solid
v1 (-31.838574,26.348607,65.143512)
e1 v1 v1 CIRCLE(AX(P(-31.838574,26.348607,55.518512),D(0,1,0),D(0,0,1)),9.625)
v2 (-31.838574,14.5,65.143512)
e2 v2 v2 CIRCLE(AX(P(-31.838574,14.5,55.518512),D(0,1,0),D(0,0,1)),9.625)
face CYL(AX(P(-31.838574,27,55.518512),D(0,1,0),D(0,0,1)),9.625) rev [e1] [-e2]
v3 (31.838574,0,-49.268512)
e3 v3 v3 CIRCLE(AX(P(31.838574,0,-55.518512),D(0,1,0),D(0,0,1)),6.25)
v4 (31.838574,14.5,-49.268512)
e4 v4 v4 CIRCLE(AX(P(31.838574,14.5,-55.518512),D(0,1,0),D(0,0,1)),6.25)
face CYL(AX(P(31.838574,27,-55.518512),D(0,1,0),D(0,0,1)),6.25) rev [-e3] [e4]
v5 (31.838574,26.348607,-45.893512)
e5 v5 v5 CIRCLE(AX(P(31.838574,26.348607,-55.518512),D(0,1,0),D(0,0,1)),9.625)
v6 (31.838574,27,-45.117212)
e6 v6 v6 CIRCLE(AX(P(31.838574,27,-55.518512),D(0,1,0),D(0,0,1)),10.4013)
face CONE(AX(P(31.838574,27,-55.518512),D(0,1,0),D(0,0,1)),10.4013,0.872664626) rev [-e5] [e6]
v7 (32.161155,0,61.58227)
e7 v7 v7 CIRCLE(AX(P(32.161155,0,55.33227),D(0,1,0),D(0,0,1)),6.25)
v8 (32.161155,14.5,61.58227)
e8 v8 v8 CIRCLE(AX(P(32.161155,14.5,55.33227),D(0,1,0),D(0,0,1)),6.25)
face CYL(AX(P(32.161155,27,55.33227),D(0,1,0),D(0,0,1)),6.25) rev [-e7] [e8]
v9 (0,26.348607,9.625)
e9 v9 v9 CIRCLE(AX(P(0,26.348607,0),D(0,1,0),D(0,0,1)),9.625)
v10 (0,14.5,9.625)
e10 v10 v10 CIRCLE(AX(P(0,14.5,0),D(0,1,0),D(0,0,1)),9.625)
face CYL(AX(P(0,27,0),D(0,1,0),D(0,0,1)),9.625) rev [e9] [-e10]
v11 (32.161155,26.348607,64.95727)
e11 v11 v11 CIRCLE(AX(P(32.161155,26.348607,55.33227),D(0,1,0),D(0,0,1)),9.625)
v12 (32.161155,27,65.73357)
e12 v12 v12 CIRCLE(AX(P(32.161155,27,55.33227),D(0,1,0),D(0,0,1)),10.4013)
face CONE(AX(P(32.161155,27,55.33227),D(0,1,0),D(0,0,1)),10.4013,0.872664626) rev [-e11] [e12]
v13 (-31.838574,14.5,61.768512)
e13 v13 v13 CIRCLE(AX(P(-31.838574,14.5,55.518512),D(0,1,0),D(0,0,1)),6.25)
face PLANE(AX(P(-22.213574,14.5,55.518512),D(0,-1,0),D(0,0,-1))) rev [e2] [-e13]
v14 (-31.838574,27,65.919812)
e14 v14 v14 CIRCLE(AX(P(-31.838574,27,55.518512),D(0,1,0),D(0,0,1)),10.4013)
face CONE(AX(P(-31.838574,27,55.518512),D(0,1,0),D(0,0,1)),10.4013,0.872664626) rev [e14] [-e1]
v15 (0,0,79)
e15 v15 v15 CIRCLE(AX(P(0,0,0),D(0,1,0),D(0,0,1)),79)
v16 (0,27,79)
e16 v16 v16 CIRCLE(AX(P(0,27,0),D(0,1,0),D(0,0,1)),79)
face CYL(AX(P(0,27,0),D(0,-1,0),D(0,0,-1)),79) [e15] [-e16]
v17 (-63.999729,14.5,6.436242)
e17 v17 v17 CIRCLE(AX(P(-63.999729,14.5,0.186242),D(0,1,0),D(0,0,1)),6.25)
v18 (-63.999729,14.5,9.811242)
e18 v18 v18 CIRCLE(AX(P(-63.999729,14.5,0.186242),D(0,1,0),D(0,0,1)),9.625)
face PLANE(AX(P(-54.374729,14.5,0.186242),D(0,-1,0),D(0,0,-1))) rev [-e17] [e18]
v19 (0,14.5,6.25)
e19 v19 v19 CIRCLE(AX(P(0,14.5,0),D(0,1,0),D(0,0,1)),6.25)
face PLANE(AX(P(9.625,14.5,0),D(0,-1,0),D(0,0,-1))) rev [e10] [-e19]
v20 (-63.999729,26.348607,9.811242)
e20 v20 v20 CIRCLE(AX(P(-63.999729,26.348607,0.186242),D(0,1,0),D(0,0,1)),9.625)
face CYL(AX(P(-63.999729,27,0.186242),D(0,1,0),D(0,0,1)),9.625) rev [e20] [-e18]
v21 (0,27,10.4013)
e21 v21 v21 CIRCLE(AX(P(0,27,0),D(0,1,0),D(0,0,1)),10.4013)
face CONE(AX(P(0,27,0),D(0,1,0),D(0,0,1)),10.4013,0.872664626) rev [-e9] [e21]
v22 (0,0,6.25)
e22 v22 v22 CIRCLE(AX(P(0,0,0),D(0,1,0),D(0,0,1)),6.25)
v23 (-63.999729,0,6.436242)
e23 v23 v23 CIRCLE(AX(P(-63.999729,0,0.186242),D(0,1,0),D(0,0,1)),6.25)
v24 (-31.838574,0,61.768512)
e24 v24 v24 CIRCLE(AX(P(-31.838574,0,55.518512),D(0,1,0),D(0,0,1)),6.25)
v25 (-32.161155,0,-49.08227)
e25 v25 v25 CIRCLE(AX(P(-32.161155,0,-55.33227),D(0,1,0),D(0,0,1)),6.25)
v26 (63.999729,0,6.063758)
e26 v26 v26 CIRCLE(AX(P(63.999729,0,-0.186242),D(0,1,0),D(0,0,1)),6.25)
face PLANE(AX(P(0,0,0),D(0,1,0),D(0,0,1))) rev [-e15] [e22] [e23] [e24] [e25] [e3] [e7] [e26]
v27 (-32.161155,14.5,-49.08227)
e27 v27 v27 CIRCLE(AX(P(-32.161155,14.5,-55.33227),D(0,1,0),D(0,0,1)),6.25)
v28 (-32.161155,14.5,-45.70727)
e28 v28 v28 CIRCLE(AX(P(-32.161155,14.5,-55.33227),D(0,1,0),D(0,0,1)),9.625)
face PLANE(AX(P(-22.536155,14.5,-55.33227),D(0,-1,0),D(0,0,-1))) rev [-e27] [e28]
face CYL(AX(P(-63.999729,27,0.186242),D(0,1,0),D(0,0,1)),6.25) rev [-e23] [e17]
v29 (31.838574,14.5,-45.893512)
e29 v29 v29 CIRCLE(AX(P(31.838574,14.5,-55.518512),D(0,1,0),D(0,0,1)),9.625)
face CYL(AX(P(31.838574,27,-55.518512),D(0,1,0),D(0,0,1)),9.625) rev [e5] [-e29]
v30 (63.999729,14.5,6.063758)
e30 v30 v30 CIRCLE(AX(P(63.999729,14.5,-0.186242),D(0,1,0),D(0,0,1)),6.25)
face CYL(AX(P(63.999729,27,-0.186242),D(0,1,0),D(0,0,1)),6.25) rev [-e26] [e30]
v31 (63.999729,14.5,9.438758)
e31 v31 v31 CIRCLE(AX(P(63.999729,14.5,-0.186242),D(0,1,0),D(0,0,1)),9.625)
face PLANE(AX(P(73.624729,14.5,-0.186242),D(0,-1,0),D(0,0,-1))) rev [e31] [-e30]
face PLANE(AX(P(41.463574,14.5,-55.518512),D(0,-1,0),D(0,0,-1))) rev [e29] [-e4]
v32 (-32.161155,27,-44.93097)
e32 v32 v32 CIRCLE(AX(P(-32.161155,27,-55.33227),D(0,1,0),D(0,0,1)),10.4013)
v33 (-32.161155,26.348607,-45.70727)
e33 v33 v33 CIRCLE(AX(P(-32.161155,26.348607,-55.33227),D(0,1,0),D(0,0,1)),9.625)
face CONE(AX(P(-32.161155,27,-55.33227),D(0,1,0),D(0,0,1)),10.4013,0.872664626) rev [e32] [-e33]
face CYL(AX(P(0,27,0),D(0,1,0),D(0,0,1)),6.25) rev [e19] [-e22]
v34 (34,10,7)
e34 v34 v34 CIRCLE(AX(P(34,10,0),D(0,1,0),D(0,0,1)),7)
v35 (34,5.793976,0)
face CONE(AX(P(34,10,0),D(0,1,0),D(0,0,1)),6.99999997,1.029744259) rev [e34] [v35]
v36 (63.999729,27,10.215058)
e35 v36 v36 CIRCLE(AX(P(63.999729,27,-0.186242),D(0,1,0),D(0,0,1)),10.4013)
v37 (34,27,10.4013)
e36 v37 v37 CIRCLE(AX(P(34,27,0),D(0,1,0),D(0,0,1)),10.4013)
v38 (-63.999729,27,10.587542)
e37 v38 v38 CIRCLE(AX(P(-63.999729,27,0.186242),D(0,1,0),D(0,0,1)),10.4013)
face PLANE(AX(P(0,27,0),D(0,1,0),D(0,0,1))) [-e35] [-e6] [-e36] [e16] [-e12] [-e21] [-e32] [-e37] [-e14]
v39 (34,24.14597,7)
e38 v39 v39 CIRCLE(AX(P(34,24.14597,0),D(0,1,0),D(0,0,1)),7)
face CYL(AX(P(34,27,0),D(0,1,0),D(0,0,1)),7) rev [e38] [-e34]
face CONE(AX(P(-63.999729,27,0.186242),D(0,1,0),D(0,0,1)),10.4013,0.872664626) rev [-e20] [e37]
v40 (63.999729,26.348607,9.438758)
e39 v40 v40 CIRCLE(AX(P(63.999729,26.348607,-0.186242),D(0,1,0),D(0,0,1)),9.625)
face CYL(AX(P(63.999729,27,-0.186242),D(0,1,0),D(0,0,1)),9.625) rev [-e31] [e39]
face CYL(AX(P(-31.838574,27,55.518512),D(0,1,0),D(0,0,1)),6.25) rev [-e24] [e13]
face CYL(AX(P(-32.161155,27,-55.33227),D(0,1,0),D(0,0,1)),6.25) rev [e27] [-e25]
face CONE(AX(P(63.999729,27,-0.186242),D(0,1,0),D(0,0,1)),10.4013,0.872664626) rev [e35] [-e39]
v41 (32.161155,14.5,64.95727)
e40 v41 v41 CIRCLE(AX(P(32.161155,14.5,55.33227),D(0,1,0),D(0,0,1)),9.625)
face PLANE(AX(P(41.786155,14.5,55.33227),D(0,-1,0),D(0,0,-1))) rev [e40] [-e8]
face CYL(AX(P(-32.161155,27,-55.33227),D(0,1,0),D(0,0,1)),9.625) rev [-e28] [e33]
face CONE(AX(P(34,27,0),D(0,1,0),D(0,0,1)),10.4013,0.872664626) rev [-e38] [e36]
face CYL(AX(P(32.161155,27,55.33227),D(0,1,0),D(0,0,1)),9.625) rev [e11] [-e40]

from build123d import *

# Parameters (mm, degrees)
SKETCH1_R                                   = 79
SKETCH1_R_2                                 = 6
BOSS_EXTRUDE1_DEPTH                         = 27
CBORE_FOR_0_BINDING_HEAD_MACHINE_SC_2_COUNT = 2
CBORE_FOR_0_BINDING_HEAD_MACHINE_SC_2_PITCH = 64
CBORE_FOR_0_BINDING_HEAD_MACHINE_SC_3_COUNT = 2
CBORE_FOR_0_BINDING_HEAD_MACHINE_SC_3_PITCH = 110.851251684
CBORE_FOR_0_BINDING_HEAD_MACHINE_SC_4_COUNT = 2
CBORE_FOR_0_BINDING_HEAD_MACHINE_SC_4_PITCH = 128
CBORE_FOR_0_BINDING_HEAD_MACHINE_SC_5_COUNT = 2
CBORE_FOR_0_BINDING_HEAD_MACHINE_SC_5_PITCH = 110.851251684
CBORE_FOR_0_BINDING_HEAD_MACHINE_SC_6_COUNT = 2
CBORE_FOR_0_BINDING_HEAD_MACHINE_SC_6_PITCH = 64
CBORE_FOR_0_BINDING_HEAD_MACHINE_SC_7_COUNT = 2
CBORE_FOR_0_BINDING_HEAD_MACHINE_SC_7_PITCH = 64
F_97_0_0059_DIAMETER_HOLE1_D                = 13.99999994
F_97_0_0059_DIAMETER_HOLE1_DEPTH            = 17
F_97_0_0059_DIAMETER_HOLE1_CSINK_D          = 20.8026
F_97_0_0059_DIAMETER_HOLE1_CSINK_ANGLE      = 100
F_97_0_0059_DIAMETER_HOLE1_TIP              = 4.206024315


with BuildPart() as part:
    # Sketch1 → Boss-Extrude1 (new body)
    with BuildSketch(Plane(origin=(0, 0, 0), x_dir=(1, 0, 0), z_dir=(0, 1, 0))):
        Circle(SKETCH1_R)
        Circle(SKETCH1_R_2, mode=Mode.SUBTRACT)
    extrude(amount=BOSS_EXTRUDE1_DEPTH)

    # Sketch5 → CBORE for #0 Binding Head Machine Screw1 (revolve, cut)
    with BuildSketch(Plane(origin=(31.838574382, 27, -55.51851206), x_dir=(0, 0, 1), z_dir=(1, 0, 0))):
        Polygon((0, 0), (0, 27), (6.249999946, 27), (6.249999946, 12.499999892), (9.625000054, 12.499999892), (9.625000054, 0.651392998), (10.4013, 0), align=None)
    cbore_for_0_binding_head_machine_screw1 = revolve(axis=Axis((31.838574382, 33.35, -55.51851206), (0, -1, 0)), mode=Mode.SUBTRACT)

    # CBORE for _0 Binding Head Machine Sc 2: CBORE for #0 Binding Head Machine Screw1 ×2
    with Locations(*[Vector(0.502518041, 0, 0.864566723) * (i * CBORE_FOR_0_BINDING_HEAD_MACHINE_SC_2_PITCH) for i in range(1, CBORE_FOR_0_BINDING_HEAD_MACHINE_SC_2_COUNT)]):
        add(cbore_for_0_binding_head_machine_screw1, mode=Mode.SUBTRACT)

    # CBORE for _0 Binding Head Machine Sc 3: CBORE for #0 Binding Head Machine Screw1 ×2
    with Locations(*[Vector(0.002910028, 0, 0.999995766) * (i * CBORE_FOR_0_BINDING_HEAD_MACHINE_SC_3_PITCH) for i in range(1, CBORE_FOR_0_BINDING_HEAD_MACHINE_SC_3_COUNT)]):
        add(cbore_for_0_binding_head_machine_screw1, mode=Mode.SUBTRACT)

    # CBORE for _0 Binding Head Machine Sc 4: CBORE for #0 Binding Head Machine Screw1 ×2
    with Locations(*[Vector(-0.497477725, 0, 0.867476751) * (i * CBORE_FOR_0_BINDING_HEAD_MACHINE_SC_4_PITCH) for i in range(1, CBORE_FOR_0_BINDING_HEAD_MACHINE_SC_4_COUNT)]):
        add(cbore_for_0_binding_head_machine_screw1, mode=Mode.SUBTRACT)

    # CBORE for _0 Binding Head Machine Sc 5: CBORE for #0 Binding Head Machine Screw1 ×2
    with Locations(*[Vector(-0.864566723, 0, 0.502518041) * (i * CBORE_FOR_0_BINDING_HEAD_MACHINE_SC_5_PITCH) for i in range(1, CBORE_FOR_0_BINDING_HEAD_MACHINE_SC_5_COUNT)]):
        add(cbore_for_0_binding_head_machine_screw1, mode=Mode.SUBTRACT)

    # CBORE for _0 Binding Head Machine Sc 6: CBORE for #0 Binding Head Machine Screw1 ×2
    with Locations(*[Vector(-0.999995766, 0, 0.002910028) * (i * CBORE_FOR_0_BINDING_HEAD_MACHINE_SC_6_PITCH) for i in range(1, CBORE_FOR_0_BINDING_HEAD_MACHINE_SC_6_COUNT)]):
        add(cbore_for_0_binding_head_machine_screw1, mode=Mode.SUBTRACT)

    # CBORE for _0 Binding Head Machine Sc 7: CBORE for #0 Binding Head Machine Screw1 ×2
    with Locations(*[Vector(-0.497477725, 0, 0.867476751) * (i * CBORE_FOR_0_BINDING_HEAD_MACHINE_SC_7_PITCH) for i in range(1, CBORE_FOR_0_BINDING_HEAD_MACHINE_SC_7_COUNT)]):
        add(cbore_for_0_binding_head_machine_screw1, mode=Mode.SUBTRACT)

    # #97 (0.0059) Diameter Hole1
    with Locations(Plane(origin=(0, 27, 0), x_dir=(1, 0, 0), z_dir=(0, 1, 0))):
        with Locations((34, 0)):
            CounterSinkHole(F_97_0_0059_DIAMETER_HOLE1_D / 2, F_97_0_0059_DIAMETER_HOLE1_CSINK_D / 2, depth=F_97_0_0059_DIAMETER_HOLE1_DEPTH, counter_sink_angle=F_97_0_0059_DIAMETER_HOLE1_CSINK_ANGLE)
            with Locations((0, 0, -(F_97_0_0059_DIAMETER_HOLE1_DEPTH + F_97_0_0059_DIAMETER_HOLE1_TIP / 2))):  # 118° drill point
                Cone(0, F_97_0_0059_DIAMETER_HOLE1_D / 2, F_97_0_0059_DIAMETER_HOLE1_TIP, mode=Mode.SUBTRACT)


solid = part.part
